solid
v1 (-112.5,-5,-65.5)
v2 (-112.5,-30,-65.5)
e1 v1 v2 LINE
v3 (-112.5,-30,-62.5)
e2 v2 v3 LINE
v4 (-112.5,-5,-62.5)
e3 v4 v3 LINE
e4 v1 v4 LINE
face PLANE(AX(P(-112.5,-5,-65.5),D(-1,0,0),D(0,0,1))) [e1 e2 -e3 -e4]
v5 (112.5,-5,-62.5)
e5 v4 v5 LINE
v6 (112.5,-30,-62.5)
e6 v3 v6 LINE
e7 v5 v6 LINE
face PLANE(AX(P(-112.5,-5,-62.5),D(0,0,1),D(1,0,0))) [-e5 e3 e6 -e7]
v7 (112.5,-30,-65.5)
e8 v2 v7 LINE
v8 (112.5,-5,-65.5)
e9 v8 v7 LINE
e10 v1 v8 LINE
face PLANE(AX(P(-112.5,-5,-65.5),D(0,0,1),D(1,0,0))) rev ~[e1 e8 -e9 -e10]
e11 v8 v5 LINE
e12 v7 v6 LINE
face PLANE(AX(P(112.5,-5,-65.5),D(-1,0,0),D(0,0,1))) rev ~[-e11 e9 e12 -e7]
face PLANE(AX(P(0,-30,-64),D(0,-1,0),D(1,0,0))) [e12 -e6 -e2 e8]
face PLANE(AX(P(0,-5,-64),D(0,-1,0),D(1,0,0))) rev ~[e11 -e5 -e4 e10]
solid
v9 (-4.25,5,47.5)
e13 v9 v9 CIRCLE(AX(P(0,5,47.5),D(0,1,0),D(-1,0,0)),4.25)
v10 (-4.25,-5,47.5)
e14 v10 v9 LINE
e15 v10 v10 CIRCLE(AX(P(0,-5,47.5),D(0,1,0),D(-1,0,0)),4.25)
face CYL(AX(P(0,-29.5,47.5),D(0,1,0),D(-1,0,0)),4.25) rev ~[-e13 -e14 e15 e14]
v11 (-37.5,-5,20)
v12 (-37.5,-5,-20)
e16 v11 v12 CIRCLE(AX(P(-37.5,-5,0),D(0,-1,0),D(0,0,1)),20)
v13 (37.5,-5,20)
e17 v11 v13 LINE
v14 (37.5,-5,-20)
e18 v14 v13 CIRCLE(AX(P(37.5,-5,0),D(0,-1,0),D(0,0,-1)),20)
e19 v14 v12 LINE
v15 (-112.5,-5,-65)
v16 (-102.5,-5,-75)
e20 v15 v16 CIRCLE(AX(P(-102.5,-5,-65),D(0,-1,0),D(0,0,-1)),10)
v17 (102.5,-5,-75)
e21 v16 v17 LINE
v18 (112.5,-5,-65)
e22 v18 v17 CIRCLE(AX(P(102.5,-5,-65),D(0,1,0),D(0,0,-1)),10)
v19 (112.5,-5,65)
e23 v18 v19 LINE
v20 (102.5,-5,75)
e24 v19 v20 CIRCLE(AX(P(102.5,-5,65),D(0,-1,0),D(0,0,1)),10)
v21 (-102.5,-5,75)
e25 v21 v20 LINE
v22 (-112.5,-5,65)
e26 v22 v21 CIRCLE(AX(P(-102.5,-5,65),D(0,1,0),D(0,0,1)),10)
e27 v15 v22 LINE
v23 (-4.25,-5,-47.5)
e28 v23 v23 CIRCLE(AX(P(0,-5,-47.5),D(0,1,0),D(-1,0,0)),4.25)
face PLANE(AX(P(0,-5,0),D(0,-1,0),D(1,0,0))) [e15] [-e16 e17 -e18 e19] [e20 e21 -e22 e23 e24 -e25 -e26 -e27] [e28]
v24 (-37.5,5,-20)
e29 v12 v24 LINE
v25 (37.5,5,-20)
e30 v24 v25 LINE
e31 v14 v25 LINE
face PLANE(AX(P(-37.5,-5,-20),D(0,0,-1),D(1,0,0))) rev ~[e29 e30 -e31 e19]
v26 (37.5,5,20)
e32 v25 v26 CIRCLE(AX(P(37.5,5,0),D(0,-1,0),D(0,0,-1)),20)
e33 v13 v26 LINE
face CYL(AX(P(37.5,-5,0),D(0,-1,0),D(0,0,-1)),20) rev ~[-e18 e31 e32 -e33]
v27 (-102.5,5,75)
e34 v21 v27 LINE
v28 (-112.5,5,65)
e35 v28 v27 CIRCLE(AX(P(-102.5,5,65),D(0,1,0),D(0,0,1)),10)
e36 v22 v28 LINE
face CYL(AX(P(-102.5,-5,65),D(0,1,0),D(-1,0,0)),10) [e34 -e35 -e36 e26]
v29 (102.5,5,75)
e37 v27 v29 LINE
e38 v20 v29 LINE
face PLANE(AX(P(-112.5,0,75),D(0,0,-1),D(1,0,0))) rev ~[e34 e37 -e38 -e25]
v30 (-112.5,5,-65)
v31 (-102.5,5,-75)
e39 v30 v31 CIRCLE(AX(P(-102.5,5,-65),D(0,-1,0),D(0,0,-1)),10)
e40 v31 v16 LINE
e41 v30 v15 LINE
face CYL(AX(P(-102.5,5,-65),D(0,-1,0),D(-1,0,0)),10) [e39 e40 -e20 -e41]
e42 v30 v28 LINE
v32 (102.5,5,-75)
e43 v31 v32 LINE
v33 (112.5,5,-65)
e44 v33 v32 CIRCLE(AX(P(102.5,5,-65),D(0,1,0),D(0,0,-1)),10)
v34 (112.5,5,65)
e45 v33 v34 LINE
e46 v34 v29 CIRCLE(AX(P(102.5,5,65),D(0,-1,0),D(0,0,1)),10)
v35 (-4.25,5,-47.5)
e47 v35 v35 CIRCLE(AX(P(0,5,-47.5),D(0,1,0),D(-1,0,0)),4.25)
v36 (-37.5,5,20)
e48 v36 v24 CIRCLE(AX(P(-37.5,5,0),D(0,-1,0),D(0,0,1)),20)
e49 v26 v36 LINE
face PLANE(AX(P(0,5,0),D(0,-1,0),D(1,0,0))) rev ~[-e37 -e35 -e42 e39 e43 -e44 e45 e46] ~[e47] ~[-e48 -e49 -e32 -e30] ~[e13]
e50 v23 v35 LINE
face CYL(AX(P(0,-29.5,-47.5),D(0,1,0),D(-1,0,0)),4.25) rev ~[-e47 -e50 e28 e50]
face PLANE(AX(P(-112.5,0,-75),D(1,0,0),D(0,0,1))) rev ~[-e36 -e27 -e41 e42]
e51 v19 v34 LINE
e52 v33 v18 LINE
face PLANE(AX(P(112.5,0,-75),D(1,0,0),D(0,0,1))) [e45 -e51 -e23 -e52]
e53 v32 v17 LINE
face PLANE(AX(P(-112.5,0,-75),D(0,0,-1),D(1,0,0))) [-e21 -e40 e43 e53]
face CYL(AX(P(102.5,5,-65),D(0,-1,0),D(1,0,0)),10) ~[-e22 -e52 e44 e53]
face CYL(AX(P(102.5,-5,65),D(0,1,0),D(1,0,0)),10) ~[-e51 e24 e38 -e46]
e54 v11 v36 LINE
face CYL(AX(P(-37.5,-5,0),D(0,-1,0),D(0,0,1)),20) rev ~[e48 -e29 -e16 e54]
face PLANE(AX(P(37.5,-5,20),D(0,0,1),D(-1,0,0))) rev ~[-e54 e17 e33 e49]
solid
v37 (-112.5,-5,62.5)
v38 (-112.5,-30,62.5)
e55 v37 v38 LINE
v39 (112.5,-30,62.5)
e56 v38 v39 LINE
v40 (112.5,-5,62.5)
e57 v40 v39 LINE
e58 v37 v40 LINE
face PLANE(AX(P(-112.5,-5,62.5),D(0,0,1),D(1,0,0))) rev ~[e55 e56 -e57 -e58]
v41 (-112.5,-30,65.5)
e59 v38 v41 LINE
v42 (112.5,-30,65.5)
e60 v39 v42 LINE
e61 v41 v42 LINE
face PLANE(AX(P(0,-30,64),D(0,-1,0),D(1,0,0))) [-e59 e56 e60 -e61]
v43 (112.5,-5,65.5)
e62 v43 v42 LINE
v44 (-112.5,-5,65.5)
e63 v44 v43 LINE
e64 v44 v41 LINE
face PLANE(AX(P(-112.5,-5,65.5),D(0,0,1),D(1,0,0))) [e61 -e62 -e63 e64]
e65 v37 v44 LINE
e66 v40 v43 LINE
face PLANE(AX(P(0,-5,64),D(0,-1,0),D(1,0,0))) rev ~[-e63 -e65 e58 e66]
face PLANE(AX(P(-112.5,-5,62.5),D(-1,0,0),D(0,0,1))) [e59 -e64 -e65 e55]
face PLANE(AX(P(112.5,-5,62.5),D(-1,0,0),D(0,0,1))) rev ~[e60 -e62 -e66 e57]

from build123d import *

# Parameters (mm, degrees)
F0_W     = 225
F0_H     = 150
F0_R     = 20
F1_DEPTH = 5
F2_R     = 10
F4_DEPTH = 10.001
F5_W     = 225
F5_H     = 3
F6_DEPTH = 25
F8_D     = 8.5
F8_DEPTH = 24.5
F8_TIP   = 2.5536576309


with BuildPart() as f1:
    # F0 (on Front) → F1 (new body, symmetric)
    with BuildSketch(Plane.XZ):
        Rectangle(F0_W, F0_H)
        Circle(F0_R, mode=Mode.SUBTRACT)
    extrude(amount=F1_DEPTH, both=True)

    # F2
    f2_edges = [f1.edges().sort_by_distance(p)[0] for p in [
        (-112.5, 0, 75),
        (112.5, 0, 75),
        (112.5, 0, -75),
        (-112.5, 0, -75),
    ]]
    fillet(f2_edges, radius=F2_R)

    # F3 (on face) → F4 (cut, through all)
    with BuildSketch(Plane.XZ.offset(5)):
        with BuildLine():
            ThreePointArc((-37.5, 20), (-57.5, 0), (-37.5, -20))
            Line((-37.5, -20), (37.5, -20))
            ThreePointArc((37.5, -20), (57.5, 0), (37.5, 20))
            Line((37.5, 20), (-37.5, 20))
        make_face()
    extrude(amount=-F4_DEPTH, mode=Mode.SUBTRACT)

    # F8
    with Locations(Plane.XZ.offset(5)):
        with Locations((0, 47.5), (0, -47.5)):
            Hole(F8_D / 2, depth=F8_DEPTH)
            with Locations((0, 0, -(F8_DEPTH + F8_TIP / 2))):  # 118° drill point
                Cone(0, F8_D / 2, F8_TIP, mode=Mode.SUBTRACT)


with BuildPart() as f6:
    # F5 (on face) → F6 (new body)
    with BuildSketch(Plane.XZ.offset(5)):
        with Locations((0, 64)):
            Rectangle(F5_W, F5_H)
    extrude(amount=F6_DEPTH)


with BuildPart() as f6b:
    # F5 (on face) → F6, piece 2 (new body)
    with BuildSketch(Plane.XZ.offset(5)):
        with Locations((0, -64)):
            Rectangle(F5_W, F5_H)
    extrude(amount=F6_DEPTH)


solid = Compound([f1.part, f6.part, f6b.part])
